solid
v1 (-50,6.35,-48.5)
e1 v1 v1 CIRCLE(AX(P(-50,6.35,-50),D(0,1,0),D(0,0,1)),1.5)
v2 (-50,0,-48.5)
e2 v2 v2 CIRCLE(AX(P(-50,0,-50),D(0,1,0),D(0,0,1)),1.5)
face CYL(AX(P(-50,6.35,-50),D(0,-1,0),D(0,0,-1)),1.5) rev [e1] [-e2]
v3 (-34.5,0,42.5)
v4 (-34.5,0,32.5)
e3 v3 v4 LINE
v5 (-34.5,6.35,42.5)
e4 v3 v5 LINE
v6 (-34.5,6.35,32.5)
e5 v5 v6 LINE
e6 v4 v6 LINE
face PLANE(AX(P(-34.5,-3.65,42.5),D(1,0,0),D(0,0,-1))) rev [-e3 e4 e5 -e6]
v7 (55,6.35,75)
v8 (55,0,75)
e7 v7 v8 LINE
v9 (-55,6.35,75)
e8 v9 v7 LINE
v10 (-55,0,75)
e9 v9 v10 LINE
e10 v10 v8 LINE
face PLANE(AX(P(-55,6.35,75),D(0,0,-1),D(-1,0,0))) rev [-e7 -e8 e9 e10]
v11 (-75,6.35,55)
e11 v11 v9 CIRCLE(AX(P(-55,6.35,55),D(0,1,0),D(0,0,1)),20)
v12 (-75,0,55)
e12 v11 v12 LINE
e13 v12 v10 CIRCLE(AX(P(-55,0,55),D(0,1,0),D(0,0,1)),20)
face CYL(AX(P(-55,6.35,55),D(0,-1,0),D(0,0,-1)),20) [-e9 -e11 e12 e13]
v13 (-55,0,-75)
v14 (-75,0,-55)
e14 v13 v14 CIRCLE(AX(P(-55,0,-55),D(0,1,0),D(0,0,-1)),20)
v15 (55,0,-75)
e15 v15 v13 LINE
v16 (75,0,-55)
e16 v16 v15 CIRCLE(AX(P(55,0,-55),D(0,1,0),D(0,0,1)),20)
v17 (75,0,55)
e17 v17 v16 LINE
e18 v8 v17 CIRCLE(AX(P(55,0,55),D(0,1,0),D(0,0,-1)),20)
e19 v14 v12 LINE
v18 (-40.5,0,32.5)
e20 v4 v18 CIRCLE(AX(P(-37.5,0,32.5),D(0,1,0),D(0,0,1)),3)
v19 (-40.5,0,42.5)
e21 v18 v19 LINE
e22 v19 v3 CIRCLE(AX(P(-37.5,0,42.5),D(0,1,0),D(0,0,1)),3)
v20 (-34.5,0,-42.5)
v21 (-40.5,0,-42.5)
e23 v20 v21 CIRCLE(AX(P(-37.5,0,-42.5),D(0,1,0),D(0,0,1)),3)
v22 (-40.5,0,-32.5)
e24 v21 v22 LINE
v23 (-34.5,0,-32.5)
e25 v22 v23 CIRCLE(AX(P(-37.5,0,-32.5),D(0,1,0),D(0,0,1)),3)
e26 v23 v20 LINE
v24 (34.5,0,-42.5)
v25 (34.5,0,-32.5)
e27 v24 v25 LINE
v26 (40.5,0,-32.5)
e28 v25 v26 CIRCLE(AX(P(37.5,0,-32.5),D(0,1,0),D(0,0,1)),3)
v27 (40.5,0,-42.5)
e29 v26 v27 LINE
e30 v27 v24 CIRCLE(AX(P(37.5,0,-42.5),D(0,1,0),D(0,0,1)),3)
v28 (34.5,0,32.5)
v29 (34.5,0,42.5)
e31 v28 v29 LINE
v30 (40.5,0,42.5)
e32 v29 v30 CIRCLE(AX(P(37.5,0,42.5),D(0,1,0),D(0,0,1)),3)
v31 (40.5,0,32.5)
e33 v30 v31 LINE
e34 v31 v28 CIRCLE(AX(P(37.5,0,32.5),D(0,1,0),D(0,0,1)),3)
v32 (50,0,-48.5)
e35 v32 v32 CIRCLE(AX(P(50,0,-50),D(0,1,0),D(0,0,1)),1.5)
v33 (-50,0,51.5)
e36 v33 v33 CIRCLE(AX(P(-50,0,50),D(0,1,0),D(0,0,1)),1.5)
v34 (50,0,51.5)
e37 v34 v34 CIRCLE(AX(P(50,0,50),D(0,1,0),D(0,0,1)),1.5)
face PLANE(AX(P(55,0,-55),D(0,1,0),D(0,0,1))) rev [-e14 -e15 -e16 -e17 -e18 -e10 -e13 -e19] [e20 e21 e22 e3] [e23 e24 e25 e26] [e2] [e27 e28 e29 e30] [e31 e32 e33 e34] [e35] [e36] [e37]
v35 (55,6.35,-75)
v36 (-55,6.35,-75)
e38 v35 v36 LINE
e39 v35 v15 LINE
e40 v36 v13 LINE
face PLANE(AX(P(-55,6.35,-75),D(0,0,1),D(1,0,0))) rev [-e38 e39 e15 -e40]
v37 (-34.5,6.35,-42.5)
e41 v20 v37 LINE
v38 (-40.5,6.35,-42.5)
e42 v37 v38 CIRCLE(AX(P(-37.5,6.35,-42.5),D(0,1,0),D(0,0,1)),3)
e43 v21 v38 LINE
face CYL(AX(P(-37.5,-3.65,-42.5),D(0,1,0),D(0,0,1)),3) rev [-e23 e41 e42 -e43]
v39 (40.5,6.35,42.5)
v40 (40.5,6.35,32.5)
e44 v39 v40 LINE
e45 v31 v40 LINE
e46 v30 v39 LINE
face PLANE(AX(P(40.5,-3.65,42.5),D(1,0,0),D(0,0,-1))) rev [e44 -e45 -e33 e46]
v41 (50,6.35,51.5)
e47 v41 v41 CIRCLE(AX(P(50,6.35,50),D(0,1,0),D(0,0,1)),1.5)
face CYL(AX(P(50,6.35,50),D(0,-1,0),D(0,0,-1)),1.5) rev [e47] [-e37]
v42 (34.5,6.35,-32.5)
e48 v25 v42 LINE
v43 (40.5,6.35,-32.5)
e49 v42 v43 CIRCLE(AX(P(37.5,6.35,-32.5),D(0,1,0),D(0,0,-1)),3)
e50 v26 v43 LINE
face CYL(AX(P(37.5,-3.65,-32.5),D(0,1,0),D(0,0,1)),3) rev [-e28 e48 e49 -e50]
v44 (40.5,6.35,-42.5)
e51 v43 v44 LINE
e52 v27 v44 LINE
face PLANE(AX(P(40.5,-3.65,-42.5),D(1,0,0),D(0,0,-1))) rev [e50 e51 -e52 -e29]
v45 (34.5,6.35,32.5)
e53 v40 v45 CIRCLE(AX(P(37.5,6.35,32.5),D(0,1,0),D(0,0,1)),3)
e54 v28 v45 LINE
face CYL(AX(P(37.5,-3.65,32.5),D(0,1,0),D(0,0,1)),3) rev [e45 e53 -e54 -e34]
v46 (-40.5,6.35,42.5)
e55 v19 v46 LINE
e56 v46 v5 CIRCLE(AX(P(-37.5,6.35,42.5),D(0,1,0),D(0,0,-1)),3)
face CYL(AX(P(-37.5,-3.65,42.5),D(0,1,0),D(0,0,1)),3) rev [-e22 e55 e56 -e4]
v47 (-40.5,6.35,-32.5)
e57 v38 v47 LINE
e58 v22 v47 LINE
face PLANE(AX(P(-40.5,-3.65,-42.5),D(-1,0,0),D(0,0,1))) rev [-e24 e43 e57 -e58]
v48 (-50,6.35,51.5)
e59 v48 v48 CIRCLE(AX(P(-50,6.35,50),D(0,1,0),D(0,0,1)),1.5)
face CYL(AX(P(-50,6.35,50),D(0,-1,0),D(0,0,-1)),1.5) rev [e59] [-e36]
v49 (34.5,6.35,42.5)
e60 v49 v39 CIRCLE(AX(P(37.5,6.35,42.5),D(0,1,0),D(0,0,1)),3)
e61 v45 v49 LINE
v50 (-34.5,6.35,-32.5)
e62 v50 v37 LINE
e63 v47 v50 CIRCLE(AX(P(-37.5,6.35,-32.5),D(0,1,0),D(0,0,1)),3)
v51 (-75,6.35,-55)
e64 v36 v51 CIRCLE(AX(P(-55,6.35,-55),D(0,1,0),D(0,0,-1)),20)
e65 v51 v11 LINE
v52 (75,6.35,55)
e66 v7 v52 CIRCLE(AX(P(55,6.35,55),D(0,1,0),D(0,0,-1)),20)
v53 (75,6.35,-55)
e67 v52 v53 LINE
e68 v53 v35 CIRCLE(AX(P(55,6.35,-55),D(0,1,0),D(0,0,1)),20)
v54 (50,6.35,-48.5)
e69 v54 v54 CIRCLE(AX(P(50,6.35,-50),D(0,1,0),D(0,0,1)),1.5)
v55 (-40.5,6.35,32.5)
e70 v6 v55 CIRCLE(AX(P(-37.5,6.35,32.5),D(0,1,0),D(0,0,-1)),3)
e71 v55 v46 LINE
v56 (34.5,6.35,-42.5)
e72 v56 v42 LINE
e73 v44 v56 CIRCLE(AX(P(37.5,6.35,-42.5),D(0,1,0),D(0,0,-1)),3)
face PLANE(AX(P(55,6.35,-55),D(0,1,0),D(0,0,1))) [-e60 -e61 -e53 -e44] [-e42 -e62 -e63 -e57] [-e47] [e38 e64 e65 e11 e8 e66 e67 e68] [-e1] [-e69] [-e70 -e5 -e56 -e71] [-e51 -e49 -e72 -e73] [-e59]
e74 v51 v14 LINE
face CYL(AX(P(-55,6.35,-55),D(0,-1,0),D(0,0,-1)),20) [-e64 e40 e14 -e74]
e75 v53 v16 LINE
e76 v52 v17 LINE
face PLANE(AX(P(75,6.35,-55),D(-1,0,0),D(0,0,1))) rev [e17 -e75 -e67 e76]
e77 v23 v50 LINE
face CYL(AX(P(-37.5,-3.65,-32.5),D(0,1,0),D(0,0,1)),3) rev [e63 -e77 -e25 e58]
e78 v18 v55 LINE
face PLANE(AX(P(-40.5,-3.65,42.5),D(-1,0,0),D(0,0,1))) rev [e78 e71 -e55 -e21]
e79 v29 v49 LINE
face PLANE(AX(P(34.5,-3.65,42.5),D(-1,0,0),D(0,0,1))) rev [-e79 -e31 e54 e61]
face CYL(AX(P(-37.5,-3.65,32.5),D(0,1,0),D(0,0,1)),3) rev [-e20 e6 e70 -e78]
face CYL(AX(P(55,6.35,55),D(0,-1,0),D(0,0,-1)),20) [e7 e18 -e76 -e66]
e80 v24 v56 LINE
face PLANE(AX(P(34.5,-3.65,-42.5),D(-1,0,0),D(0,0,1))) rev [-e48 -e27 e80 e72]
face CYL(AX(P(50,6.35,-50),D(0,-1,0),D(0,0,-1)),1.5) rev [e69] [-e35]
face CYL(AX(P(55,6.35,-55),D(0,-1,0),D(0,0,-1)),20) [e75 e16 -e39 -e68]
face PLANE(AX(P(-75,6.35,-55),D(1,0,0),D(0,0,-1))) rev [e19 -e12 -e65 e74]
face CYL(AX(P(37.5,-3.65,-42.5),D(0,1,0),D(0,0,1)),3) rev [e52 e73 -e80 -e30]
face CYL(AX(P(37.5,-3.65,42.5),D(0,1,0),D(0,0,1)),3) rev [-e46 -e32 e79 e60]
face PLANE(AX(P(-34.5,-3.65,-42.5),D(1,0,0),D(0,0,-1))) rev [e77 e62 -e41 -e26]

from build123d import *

# Parameters (mm, degrees)
SKETCH1_R           = 1.5
BOSS_EXTRUDE1_DEPTH = 6.35
CUT_EXTRUDE1_DEPTH  = 10


with BuildPart() as part:
    # Sketch1 → Boss-Extrude1 (new body)
    with BuildSketch(Plane(origin=(0, 0, 0), x_dir=(1, 0, 0), z_dir=(0, 1, 0))):
        with BuildLine():
            Line((-55, 75), (55, 75))
            ThreePointArc((55, 75), (69.142135624, 69.142135624), (75, 55))
            Line((75, 55), (75, -55))
            ThreePointArc((75, -55), (69.142135624, -69.142135624), (55, -75))
            Line((55, -75), (-55, -75))
            ThreePointArc((-55, -75), (-69.142135624, -69.142135624), (-75, -55))
            Line((-75, -55), (-75, 55))
            ThreePointArc((-75, 55), (-69.142135624, 69.142135624), (-55, 75))
        make_face()
        with Locations((50, 50)):
            Circle(SKETCH1_R, mode=Mode.SUBTRACT)
        with Locations((50, -50)):
            Circle(SKETCH1_R, mode=Mode.SUBTRACT)
        with Locations((-50, -50)):
            Circle(SKETCH1_R, mode=Mode.SUBTRACT)
        with Locations((-50, 50)):
            Circle(SKETCH1_R, mode=Mode.SUBTRACT)
    extrude(amount=BOSS_EXTRUDE1_DEPTH)

    # Sketch2 → Cut-Extrude1 (cut)
    with BuildSketch(Plane(origin=(0, 6.35, 0), x_dir=(1, 0, 0), z_dir=(0, 1, 0))):
        with BuildLine():
            Line((40.5, 42.5), (40.5, 32.5))
            ThreePointArc((40.5, 32.5), (37.5, 29.5), (34.5, 32.5))
            Line((34.5, 32.5), (34.5, 42.5))
            ThreePointArc((34.5, 42.5), (37.5, 45.5), (40.5, 42.5))
        make_face()
        with BuildLine():
            Line((-34.5, 42.5), (-34.5, 32.5))
            ThreePointArc((-34.5, 32.5), (-37.5, 29.5), (-40.5, 32.5))
            Line((-40.5, 32.5), (-40.5, 42.5))
            ThreePointArc((-40.5, 42.5), (-37.5, 45.5), (-34.5, 42.5))
        make_face()
        with BuildLine():
            Line((40.5, -42.5), (40.5, -32.5))
            ThreePointArc((40.5, -32.5), (37.5, -29.5), (34.5, -32.5))
            Line((34.5, -32.5), (34.5, -42.5))
            ThreePointArc((34.5, -42.5), (37.5, -45.5), (40.5, -42.5))
        make_face()
        with BuildLine():
            Line((-34.5, -42.5), (-34.5, -32.5))
            ThreePointArc((-34.5, -32.5), (-37.5, -29.5), (-40.5, -32.5))
            Line((-40.5, -32.5), (-40.5, -42.5))
            ThreePointArc((-40.5, -42.5), (-37.5, -45.5), (-34.5, -42.5))
        make_face()
    extrude(amount=-CUT_EXTRUDE1_DEPTH, mode=Mode.SUBTRACT)


solid = part.part
